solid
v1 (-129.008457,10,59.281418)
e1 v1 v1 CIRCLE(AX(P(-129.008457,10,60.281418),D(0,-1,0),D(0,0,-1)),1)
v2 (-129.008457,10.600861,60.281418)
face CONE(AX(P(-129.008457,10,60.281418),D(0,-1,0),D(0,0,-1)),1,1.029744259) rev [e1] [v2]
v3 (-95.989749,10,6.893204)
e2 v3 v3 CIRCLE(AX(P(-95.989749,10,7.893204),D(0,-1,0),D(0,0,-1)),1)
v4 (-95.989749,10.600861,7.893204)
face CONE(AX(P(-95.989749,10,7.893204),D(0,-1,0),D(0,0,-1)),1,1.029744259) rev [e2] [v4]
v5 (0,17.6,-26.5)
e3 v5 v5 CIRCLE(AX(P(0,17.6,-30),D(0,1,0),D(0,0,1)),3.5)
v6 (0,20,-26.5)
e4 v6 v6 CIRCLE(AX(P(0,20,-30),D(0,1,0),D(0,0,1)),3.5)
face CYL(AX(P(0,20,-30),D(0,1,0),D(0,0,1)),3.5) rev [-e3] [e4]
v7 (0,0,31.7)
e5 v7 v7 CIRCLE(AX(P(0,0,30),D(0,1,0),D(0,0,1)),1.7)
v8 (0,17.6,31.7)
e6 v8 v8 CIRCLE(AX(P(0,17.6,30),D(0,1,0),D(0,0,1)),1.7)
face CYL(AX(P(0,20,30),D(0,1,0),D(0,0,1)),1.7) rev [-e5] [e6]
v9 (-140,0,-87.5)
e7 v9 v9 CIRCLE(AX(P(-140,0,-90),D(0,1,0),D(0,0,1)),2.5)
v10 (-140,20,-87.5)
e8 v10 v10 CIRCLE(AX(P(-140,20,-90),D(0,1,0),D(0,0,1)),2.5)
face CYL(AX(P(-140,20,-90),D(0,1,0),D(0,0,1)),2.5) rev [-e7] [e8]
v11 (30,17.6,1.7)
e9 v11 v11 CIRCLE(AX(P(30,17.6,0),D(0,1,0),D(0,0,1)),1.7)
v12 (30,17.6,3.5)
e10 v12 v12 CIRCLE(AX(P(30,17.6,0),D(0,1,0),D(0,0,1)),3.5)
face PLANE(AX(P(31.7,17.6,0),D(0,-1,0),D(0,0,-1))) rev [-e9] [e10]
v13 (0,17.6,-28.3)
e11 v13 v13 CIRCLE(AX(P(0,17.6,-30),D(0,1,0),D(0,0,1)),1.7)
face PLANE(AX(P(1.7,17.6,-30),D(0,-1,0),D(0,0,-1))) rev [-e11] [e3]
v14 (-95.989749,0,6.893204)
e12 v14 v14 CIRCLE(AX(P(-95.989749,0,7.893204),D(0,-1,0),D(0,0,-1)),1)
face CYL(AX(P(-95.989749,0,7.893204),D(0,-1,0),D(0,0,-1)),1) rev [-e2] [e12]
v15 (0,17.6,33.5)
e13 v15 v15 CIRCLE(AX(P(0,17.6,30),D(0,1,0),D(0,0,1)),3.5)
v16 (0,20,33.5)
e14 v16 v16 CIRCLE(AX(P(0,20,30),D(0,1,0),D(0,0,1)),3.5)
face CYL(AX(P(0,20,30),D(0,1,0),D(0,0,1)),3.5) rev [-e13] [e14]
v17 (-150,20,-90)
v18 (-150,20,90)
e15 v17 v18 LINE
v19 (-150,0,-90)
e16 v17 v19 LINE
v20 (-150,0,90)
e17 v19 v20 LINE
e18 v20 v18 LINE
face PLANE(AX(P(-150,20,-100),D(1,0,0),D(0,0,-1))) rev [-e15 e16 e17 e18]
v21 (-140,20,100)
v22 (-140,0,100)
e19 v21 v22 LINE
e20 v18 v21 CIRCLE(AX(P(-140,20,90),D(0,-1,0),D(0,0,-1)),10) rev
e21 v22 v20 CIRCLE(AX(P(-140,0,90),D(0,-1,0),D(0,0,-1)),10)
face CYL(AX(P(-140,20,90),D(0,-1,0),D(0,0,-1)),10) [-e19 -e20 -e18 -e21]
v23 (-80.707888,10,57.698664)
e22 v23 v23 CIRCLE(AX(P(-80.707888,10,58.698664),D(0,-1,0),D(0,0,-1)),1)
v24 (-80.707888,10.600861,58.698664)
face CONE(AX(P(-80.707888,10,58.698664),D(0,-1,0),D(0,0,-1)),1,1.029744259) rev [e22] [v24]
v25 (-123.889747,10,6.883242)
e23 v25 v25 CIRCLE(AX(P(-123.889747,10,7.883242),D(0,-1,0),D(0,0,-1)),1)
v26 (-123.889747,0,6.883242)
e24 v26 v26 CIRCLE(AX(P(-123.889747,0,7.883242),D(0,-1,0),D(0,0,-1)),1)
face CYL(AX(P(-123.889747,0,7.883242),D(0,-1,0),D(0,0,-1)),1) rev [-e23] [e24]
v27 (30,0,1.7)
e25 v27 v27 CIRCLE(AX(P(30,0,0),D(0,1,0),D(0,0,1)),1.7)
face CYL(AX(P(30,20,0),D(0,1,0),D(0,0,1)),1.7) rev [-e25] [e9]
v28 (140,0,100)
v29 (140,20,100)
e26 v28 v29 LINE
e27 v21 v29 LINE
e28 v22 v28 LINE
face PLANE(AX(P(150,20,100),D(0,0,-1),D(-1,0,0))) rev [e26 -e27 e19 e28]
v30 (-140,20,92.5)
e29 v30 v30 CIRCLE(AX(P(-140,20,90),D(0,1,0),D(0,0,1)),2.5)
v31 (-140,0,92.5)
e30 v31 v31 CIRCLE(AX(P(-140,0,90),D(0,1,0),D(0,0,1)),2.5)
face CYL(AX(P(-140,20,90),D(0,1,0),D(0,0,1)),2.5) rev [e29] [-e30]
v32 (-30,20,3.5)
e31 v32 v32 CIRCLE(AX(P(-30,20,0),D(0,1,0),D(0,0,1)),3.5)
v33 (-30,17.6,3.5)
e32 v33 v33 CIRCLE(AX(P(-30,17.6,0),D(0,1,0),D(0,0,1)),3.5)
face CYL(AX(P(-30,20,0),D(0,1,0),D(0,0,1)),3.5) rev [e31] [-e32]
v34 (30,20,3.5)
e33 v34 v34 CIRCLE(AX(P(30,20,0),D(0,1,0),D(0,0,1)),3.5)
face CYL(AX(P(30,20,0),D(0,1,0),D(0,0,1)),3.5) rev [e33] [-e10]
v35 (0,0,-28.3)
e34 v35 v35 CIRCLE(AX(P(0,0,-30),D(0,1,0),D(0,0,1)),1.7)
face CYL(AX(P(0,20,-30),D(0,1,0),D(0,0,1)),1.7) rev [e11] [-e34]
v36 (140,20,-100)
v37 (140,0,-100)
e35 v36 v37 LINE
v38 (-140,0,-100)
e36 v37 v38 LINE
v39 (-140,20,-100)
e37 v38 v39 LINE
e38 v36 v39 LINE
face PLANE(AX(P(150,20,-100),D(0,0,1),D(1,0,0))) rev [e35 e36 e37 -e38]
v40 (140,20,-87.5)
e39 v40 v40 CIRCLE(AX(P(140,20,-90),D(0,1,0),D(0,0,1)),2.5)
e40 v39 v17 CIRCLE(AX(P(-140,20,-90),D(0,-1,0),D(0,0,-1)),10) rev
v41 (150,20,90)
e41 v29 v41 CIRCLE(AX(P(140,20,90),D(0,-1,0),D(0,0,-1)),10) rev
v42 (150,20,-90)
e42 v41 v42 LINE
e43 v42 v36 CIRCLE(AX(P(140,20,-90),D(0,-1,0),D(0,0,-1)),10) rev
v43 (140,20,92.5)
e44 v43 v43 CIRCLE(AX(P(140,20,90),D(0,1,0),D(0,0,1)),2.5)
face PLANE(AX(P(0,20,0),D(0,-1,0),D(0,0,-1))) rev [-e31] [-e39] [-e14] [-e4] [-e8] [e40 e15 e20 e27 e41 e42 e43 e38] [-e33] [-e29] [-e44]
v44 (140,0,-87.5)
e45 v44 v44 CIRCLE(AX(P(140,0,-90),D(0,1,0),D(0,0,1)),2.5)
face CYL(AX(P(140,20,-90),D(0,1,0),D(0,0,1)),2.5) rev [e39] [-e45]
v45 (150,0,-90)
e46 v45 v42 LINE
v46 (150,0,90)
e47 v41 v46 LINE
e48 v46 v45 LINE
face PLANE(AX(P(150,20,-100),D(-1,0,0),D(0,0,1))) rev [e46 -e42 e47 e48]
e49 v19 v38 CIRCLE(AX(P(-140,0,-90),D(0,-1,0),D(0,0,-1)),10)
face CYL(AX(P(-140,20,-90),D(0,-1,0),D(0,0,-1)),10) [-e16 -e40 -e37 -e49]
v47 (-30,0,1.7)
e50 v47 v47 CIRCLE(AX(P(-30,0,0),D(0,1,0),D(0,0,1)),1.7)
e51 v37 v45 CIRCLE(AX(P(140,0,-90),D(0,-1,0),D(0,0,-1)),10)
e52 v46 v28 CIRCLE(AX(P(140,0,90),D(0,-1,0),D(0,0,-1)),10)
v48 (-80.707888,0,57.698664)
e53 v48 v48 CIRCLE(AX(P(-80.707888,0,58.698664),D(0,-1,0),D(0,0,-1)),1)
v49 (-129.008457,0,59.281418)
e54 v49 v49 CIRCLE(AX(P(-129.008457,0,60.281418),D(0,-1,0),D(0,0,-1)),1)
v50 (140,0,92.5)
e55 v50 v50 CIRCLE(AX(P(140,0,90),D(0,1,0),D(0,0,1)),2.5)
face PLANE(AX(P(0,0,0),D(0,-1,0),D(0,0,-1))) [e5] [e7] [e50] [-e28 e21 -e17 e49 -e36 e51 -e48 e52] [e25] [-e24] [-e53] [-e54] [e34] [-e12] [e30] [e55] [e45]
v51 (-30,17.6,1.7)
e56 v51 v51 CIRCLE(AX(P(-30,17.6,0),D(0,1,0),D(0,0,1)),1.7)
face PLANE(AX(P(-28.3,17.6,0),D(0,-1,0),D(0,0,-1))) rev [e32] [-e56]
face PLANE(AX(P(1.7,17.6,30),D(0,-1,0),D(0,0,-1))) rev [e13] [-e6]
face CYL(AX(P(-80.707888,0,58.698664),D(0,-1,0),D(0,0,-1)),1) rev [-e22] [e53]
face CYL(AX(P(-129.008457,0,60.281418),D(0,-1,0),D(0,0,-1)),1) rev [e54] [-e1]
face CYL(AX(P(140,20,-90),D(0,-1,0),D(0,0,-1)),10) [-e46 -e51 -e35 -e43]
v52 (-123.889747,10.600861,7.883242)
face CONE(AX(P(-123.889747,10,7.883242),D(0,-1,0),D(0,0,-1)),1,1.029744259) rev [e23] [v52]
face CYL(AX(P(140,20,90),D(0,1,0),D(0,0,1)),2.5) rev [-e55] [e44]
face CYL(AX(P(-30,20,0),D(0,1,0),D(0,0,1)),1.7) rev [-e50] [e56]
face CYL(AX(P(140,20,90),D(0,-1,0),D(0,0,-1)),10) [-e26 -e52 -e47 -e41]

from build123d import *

# Parameters (mm, degrees)
SKETCH1_W                                        = 300
SKETCH1_H                                        = 200
BOSS_EXTRUDE1_DEPTH                              = 20
FILLET1_R                                        = 10
CBORE_FOR_M3_PAN_HEAD_MACHINE_SCREW1_D           = 3.4
CBORE_FOR_M3_PAN_HEAD_MACHINE_SCREW1_CBORE_D     = 7
CBORE_FOR_M3_PAN_HEAD_MACHINE_SCREW1_CBORE_DEPTH = 2.4
F_5_0_5_DIAMETER_HOLE1_D                         = 5
F_2_0_2_DIAMETER_HOLE1_D                         = 2
F_2_0_2_DIAMETER_HOLE1_DEPTH                     = 10
F_2_0_2_DIAMETER_HOLE1_TIP                       = 0.600860619


with BuildPart() as part:
    # Sketch1 → Boss-Extrude1 (new body)
    with BuildSketch(Plane(origin=(0, 0, 0), x_dir=(1, 0, 0), z_dir=(0, 1, 0))):
        Rectangle(SKETCH1_W, SKETCH1_H)
    extrude(amount=BOSS_EXTRUDE1_DEPTH)

    # Fillet1
    fillet1_edges = [part.edges().sort_by_distance(p)[0] for p in [
        (-150, 10, -100),
        (150, 10, -100),
        (150, 10, 100),
        (-150, 10, 100),
    ]]
    fillet(fillet1_edges, radius=FILLET1_R)

    # CBORE for M3 Pan Head Machine Screw1 (through all)
    with Locations(Plane(origin=(0, 20, 0), x_dir=(1, 0, 0), z_dir=(0, 1, 0))):
        with Locations((-30, 0), (0, -30), (30, 0), (0, 30)):
            CounterBoreHole(CBORE_FOR_M3_PAN_HEAD_MACHINE_SCREW1_D / 2, CBORE_FOR_M3_PAN_HEAD_MACHINE_SCREW1_CBORE_D / 2, CBORE_FOR_M3_PAN_HEAD_MACHINE_SCREW1_CBORE_DEPTH)

    # Ø5.0 (5) Diameter Hole1 (through all)
    with Locations(Plane(origin=(0, 20, 0), x_dir=(1, 0, 0), z_dir=(0, 1, 0))):
        with Locations((-140, 90), (140, 90), (140, -90), (-140, -90)):
            Hole(F_5_0_5_DIAMETER_HOLE1_D / 2)

    # Ø2.0 (2) Diameter Hole1
    with Locations(Plane(origin=(0, 0, 0), x_dir=(-1, 0, 0), z_dir=(0, -1, 0))):
        with Locations((129.008456627, -60.281417871), (123.889747092, -7.883242209), (95.98974887, -7.893204139), (80.707888413, -58.698663894)):
            Hole(F_2_0_2_DIAMETER_HOLE1_D / 2, depth=F_2_0_2_DIAMETER_HOLE1_DEPTH)
            with Locations((0, 0, -(F_2_0_2_DIAMETER_HOLE1_DEPTH + F_2_0_2_DIAMETER_HOLE1_TIP / 2))):  # 118° drill point
                Cone(0, F_2_0_2_DIAMETER_HOLE1_D / 2, F_2_0_2_DIAMETER_HOLE1_TIP, mode=Mode.SUBTRACT)


solid = part.part
